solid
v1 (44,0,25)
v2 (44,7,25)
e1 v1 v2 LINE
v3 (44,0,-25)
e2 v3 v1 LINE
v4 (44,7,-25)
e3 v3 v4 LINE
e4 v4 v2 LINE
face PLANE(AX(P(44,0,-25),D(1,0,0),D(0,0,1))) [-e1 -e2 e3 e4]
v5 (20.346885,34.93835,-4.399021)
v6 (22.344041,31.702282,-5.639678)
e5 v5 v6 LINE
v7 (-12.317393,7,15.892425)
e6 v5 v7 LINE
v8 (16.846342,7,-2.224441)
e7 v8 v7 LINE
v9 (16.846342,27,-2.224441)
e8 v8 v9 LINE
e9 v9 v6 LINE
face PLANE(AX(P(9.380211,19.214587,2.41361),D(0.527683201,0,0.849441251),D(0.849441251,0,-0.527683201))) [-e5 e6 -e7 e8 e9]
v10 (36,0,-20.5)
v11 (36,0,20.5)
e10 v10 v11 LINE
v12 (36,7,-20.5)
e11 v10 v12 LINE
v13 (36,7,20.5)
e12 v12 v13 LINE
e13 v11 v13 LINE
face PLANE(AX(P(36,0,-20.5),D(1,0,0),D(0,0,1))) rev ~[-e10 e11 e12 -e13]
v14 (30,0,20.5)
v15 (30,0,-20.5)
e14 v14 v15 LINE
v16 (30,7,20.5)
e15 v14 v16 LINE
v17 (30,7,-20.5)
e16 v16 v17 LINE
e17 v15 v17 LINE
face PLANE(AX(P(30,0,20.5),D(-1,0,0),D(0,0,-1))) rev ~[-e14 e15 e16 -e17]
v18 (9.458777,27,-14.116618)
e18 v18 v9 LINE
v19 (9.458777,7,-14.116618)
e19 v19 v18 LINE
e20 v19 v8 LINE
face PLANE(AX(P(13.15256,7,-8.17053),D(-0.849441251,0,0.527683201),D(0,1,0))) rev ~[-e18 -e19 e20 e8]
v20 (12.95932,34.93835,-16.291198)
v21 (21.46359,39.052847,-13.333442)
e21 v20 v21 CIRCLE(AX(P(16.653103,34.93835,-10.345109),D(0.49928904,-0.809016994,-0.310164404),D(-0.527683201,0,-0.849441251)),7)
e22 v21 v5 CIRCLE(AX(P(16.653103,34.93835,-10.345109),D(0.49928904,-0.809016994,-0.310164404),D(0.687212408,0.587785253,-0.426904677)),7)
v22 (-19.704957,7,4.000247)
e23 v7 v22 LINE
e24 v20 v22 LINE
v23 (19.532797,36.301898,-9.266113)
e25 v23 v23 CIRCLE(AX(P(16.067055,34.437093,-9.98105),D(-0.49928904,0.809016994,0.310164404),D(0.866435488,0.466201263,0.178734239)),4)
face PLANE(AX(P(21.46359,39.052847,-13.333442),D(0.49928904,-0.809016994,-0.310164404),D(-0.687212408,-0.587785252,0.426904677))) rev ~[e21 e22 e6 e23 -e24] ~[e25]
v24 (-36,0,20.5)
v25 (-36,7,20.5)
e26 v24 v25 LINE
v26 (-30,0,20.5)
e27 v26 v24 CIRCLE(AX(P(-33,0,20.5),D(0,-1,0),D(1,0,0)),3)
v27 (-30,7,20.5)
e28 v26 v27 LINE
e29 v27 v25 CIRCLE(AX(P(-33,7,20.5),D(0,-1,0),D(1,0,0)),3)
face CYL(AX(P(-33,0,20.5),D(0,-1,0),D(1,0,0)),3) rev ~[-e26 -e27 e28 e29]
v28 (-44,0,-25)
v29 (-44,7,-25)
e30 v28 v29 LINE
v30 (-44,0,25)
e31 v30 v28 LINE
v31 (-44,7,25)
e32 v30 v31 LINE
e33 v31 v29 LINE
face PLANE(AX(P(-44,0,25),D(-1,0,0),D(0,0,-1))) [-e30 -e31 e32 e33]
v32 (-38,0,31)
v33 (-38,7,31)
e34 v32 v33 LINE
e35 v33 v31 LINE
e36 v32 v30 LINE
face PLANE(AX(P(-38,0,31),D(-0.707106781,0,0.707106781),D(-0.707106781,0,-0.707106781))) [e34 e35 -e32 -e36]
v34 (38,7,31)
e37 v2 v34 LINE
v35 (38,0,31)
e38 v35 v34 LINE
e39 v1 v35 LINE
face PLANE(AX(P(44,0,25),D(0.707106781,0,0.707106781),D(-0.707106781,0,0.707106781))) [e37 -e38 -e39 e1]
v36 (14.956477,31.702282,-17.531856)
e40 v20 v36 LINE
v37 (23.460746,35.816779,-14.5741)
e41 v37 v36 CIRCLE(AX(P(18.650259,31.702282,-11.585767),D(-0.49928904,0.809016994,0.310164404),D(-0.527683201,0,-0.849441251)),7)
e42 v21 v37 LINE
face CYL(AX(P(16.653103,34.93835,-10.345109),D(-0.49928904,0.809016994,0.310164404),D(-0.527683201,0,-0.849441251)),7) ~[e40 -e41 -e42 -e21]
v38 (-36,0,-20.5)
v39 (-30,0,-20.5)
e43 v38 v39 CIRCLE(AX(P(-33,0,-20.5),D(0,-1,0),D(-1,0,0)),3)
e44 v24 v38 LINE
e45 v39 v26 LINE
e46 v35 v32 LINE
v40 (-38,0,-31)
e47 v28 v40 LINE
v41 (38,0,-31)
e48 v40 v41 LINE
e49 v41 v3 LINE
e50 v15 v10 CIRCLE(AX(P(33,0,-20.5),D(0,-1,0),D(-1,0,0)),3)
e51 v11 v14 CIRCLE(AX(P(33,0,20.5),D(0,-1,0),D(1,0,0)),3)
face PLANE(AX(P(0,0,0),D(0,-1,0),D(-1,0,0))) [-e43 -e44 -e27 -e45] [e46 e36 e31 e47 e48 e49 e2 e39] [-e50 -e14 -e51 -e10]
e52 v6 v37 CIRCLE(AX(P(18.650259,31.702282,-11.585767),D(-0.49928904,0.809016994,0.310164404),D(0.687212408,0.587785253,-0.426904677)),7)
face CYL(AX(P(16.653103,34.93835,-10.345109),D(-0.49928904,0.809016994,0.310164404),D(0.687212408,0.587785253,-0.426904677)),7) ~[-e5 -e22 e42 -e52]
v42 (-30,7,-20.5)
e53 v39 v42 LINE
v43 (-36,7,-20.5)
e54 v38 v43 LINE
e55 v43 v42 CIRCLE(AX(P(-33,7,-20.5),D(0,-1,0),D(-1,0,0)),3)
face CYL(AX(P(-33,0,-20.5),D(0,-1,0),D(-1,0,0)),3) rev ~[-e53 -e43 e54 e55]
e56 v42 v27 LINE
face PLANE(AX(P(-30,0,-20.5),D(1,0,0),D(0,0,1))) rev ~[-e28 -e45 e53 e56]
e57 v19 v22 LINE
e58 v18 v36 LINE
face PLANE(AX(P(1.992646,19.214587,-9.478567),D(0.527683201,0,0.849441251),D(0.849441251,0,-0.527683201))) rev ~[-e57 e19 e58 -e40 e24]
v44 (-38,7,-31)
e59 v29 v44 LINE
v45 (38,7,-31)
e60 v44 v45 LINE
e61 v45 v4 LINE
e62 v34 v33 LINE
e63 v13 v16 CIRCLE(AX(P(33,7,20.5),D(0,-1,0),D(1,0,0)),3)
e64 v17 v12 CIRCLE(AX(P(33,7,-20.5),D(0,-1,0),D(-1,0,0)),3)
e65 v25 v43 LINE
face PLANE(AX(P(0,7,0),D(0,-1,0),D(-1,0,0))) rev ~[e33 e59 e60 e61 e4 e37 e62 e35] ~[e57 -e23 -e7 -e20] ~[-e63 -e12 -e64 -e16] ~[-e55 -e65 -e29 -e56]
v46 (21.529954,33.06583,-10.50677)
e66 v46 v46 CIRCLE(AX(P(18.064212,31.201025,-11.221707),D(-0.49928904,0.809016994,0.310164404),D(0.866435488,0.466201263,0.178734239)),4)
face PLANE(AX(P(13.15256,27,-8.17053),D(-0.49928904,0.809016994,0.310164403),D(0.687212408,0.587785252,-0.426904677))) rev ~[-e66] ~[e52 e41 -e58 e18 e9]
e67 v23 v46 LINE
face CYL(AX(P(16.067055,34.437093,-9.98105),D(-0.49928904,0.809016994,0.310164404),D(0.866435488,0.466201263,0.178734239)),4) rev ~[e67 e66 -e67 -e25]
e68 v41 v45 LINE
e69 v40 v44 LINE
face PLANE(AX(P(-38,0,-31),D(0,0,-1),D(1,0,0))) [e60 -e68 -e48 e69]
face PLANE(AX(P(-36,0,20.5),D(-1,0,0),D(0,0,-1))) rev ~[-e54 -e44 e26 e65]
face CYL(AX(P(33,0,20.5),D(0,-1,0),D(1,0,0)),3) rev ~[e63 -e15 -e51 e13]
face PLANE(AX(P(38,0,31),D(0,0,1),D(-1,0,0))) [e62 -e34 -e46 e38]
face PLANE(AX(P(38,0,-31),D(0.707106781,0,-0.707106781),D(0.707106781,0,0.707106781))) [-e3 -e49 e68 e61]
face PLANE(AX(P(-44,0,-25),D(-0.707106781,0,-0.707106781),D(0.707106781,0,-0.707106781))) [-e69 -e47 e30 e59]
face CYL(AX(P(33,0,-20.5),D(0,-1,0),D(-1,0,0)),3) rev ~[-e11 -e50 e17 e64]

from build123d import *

# Parameters (mm, degrees)
BOSS_EXTRUDE1_DEPTH = 7
BOSS_EXTRUDE2_DEPTH = 7
CUT_EXTRUDE1_DEPTH  = 14
SKETCH7_R           = 4
CUT_EXTRUDE2_DEPTH  = 14


with BuildPart() as part:
    # Sketch1 → Boss-Extrude1 (new body)
    with BuildSketch(Plane(origin=(0, 0, 0), x_dir=(1, 0, 0), z_dir=(0, 1, 0))):
        Polygon((-44, 25), (-38, 31), (38, 31), (44, 25), (44, -25), (38, -31), (-38, -31), (-44, -25), align=None)
        with BuildLine():
            Line((-36, -20.5), (-36, 20.5))
            ThreePointArc((-36, 20.5), (-33, 23.5), (-30, 20.5))
            Line((-30, 20.5), (-30, -20.5))
            ThreePointArc((-30, -20.5), (-33, -23.5), (-36, -20.5))
        make_face(mode=Mode.SUBTRACT)
        with BuildLine():
            Line((30, -20.5), (30, 20.5))
            ThreePointArc((30, 20.5), (33, 23.5), (36, 20.5))
            Line((36, 20.5), (36, -20.5))
            ThreePointArc((36, -20.5), (33, -23.5), (30, -20.5))
        make_face(mode=Mode.SUBTRACT)
    extrude(amount=BOSS_EXTRUDE1_DEPTH)

    # Sketch4 → Boss-Extrude2 (add, symmetric)
    with BuildSketch(Plane(origin=(0, 0, 0), x_dir=(-0.849441251, 0, 0.527683201), z_dir=(-0.527683201, 0, -0.849441251))):
        Polygon((18.849066913, 7), (12.511788479, 7), (-15.483777963, 7), (-15.483777963, 27), (-27.619032879, 35.816778784), (-25.26789187, 39.052846762), align=None)
    extrude(amount=BOSS_EXTRUDE2_DEPTH, both=True)

    # Sketch6 → Cut-Extrude1 (cut)
    with BuildSketch(Plane(origin=(-8.359258135, 13.544823437, 5.192872478), x_dir=(0.866435488, 0.466201263, 0.178734239), z_dir=(-0.49928904, 0.809016994, 0.310164404))):
        with BuildLine():
            Line((30.156965838, 31.981920644), (24.604923104, 27.718726833))
            ThreePointArc((24.604923104, 27.718726833), (29.779470729, 29.107104419), (34.42015965, 26.42987791))
            Line((34.42015965, 26.42987791), (30.156965838, 31.981920644))
        make_face()
        with BuildLine():
            Line((38.683353462, 20.877835176), (34.42015965, 26.42987791))
            ThreePointArc((34.42015965, 26.42987791), (35.808537236, 21.255330285), (33.131310727, 16.614641364))
            Line((33.131310727, 16.614641364), (38.683353462, 20.877835176))
        make_face()
    extrude(amount=-CUT_EXTRUDE1_DEPTH, mode=Mode.SUBTRACT)

    # Sketch7 → Cut-Extrude2 (cut)
    with BuildSketch(Plane(origin=(-8.359258135, 13.544823437, 5.192872478), x_dir=(0.866435488, 0.466201263, 0.178734239), z_dir=(-0.49928904, 0.809016994, 0.310164404))):
        with Locations((28.191728041, 21.64731186)):
            Circle(SKETCH7_R)
    extrude(amount=-CUT_EXTRUDE2_DEPTH, mode=Mode.SUBTRACT)


solid = part.part
